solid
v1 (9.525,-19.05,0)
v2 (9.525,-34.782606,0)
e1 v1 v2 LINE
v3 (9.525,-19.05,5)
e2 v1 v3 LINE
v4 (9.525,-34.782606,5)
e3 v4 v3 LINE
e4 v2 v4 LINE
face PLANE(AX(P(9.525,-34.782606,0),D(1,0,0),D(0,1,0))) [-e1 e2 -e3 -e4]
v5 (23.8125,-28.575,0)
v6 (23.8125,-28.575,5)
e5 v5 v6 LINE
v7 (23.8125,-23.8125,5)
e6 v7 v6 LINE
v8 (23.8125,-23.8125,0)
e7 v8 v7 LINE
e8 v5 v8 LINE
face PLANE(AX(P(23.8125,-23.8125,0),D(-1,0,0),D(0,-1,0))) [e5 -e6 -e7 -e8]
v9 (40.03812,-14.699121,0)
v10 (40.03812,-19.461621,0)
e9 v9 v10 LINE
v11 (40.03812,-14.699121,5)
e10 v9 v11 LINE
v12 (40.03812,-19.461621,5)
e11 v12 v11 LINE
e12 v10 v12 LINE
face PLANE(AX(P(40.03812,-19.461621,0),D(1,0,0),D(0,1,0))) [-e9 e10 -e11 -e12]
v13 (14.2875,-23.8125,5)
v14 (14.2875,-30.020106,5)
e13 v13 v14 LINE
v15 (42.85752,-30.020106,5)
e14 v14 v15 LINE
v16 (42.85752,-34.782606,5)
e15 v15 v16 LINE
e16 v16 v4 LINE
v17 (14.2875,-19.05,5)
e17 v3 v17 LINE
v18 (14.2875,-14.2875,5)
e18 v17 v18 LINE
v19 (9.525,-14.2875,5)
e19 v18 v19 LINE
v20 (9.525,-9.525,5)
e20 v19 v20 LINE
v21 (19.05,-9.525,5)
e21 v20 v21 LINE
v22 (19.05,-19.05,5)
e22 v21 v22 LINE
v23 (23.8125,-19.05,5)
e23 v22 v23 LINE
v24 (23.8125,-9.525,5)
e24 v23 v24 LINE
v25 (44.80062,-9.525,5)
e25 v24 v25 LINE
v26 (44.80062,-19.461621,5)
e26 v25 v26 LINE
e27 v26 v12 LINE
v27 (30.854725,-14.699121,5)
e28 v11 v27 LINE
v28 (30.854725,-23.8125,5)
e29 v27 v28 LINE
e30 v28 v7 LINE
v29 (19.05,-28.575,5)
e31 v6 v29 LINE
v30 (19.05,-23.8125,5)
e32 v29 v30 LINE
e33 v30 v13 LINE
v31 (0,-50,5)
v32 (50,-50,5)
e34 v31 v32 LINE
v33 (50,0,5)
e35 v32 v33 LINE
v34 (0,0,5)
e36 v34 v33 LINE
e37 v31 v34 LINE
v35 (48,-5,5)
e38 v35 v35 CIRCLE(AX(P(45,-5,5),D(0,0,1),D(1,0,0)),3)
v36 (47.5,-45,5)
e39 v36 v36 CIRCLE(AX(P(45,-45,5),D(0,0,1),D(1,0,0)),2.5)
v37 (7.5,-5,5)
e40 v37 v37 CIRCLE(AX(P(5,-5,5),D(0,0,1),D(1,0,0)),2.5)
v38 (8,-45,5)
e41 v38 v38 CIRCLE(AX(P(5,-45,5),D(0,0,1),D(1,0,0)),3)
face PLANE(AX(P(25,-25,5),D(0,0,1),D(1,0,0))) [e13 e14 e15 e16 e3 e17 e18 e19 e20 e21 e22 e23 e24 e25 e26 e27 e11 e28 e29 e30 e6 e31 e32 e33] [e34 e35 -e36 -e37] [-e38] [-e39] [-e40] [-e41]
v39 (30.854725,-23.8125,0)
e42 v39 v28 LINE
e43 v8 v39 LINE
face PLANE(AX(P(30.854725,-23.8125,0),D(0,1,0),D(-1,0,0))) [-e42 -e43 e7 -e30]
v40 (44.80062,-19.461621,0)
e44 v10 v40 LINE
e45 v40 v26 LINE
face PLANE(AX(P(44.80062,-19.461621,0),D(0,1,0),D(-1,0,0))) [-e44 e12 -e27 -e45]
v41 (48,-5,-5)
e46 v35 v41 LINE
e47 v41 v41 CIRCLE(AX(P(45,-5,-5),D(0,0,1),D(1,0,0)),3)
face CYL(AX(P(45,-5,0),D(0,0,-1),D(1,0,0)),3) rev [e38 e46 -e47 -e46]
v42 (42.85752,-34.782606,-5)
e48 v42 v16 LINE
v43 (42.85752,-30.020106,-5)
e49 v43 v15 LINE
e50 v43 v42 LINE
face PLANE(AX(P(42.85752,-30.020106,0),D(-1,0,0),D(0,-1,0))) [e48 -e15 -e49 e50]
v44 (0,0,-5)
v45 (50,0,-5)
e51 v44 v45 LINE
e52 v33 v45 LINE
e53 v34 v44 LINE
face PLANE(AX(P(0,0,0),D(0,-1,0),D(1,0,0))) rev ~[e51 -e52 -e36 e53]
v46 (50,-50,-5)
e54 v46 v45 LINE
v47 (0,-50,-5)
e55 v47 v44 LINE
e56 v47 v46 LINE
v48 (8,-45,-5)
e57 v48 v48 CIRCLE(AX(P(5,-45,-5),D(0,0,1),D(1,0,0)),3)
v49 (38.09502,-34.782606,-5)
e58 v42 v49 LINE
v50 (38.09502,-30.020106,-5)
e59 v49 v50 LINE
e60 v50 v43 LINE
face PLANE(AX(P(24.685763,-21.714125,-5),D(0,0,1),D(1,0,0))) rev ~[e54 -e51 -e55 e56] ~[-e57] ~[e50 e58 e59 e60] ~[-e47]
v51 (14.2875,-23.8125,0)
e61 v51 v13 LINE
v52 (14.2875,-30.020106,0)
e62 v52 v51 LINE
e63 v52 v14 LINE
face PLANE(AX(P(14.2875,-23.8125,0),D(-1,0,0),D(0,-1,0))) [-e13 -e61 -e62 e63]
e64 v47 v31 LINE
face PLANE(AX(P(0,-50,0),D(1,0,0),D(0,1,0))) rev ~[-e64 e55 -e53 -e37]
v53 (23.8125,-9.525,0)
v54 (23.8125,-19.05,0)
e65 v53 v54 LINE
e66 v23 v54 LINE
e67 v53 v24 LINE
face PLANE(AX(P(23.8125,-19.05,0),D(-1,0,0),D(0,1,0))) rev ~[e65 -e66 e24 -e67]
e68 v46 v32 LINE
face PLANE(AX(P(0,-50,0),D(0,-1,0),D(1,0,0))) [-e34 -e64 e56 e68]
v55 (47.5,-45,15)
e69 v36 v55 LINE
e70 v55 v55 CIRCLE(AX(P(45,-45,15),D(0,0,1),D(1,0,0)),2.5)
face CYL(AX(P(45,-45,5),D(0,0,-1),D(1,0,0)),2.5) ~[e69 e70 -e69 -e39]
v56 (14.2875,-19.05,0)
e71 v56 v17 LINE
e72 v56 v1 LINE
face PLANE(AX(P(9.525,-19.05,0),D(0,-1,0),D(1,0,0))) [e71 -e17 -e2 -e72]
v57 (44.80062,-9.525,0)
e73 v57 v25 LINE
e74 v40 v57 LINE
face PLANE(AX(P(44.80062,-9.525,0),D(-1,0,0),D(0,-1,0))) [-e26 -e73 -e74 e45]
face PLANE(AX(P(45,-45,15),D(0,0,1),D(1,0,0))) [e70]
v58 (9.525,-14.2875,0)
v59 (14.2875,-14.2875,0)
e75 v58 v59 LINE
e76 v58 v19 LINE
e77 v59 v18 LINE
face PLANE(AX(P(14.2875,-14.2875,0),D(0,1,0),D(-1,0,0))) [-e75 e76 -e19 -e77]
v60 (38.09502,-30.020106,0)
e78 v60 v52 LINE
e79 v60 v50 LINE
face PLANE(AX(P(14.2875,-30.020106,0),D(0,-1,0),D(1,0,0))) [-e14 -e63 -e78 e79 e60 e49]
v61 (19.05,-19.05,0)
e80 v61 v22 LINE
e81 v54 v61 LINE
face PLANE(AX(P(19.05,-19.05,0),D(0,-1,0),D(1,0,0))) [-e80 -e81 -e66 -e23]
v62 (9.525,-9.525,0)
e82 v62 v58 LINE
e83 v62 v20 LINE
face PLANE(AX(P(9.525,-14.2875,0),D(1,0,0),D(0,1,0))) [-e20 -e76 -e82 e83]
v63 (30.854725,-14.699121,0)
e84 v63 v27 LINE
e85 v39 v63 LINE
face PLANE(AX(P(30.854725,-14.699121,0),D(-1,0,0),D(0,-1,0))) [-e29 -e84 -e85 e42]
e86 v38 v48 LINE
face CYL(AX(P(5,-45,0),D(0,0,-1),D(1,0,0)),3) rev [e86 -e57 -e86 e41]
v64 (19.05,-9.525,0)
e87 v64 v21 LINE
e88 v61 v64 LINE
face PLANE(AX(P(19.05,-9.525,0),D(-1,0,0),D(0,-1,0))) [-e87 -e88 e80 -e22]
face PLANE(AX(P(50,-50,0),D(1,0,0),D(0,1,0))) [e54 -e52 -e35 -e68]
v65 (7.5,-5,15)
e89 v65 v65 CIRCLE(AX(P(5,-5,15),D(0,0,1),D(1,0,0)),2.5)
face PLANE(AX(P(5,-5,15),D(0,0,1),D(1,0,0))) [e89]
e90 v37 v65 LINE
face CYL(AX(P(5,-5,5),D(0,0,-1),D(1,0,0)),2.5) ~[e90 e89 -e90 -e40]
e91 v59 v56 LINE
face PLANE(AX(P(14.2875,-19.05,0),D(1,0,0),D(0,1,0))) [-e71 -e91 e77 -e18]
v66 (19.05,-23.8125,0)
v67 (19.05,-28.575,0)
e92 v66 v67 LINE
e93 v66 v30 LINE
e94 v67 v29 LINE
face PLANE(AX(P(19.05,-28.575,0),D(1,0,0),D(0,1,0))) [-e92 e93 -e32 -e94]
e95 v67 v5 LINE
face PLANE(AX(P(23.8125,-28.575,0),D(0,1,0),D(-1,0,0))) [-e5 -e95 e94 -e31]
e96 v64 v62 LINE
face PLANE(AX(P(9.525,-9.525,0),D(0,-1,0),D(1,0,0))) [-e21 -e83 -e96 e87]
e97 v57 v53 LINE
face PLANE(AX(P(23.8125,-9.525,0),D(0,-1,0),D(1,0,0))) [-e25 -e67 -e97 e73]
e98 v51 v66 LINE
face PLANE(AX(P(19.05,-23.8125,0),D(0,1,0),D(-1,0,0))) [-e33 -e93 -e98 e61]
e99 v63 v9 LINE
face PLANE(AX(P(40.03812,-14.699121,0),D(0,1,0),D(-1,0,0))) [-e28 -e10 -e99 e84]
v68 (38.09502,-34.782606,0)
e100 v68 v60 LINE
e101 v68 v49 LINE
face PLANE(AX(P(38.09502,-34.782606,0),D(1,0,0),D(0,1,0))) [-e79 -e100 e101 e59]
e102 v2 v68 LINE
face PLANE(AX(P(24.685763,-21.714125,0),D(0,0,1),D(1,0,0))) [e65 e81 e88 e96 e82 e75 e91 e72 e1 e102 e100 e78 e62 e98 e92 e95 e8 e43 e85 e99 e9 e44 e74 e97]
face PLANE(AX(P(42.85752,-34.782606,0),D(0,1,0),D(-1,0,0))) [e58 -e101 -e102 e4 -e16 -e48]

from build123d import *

# Parameters (mm, degrees)
F0_W     = 50
F0_H     = 50
F0_R     = 3
F1_DEPTH = 5
F2_DEPTH = 5
F3_R     = 2.5
F4_DEPTH = 10


with BuildPart() as f1:
    # F0 (on Top) → F1 (new body, symmetric)
    with BuildSketch(Plane.XY):
        with Locations((25, -25)):
            Rectangle(F0_W, F0_H)
        with Locations((5, -45)):
            Circle(F0_R, mode=Mode.SUBTRACT)
        Polygon((14.2875, -30.020106), (38.09502, -30.020106), (42.85752, -30.020106), (42.85752, -34.782606), (38.09502, -34.782606), (9.525, -34.782606), (9.525, -28.575), (9.525, -19.05), (14.2875, -19.05), (14.2875, -14.2875), (9.525, -14.2875), (9.525, -9.525), (19.05, -9.525), (19.05, -19.05), (23.8125, -19.05), (23.8125, -9.525), (28.575, -9.525), (38.80062, -9.525), (44.80062, -9.525), (44.80062, -19.461621), (40.03812, -19.461621), (40.03812, -14.699121), (30.854725, -14.699121), (30.854725, -19.461621), (30.854725, -23.8125), (23.8125, -23.8125), (23.8125, -28.575), (19.05, -28.575), (19.05, -23.8125), (14.2875, -23.8125), (14.2875, -28.575), align=None, mode=Mode.SUBTRACT)
        with Locations((45, -5)):
            Circle(F0_R, mode=Mode.SUBTRACT)
    extrude(amount=F1_DEPTH, both=True)

    # F0 (on Top) → F2 (join)
    with BuildSketch(Plane.XY):
        Polygon((38.09502, -34.782606), (38.09502, -30.020106), (14.2875, -30.020106), (14.2875, -28.575), (14.2875, -23.8125), (19.05, -23.8125), (19.05, -28.575), (23.8125, -28.575), (23.8125, -23.8125), (30.854725, -23.8125), (30.854725, -19.461621), (30.854725, -14.699121), (40.03812, -14.699121), (40.03812, -19.461621), (44.80062, -19.461621), (44.80062, -9.525), (38.80062, -9.525), (28.575, -9.525), (23.8125, -9.525), (23.8125, -19.05), (19.05, -19.05), (19.05, -9.525), (9.525, -9.525), (9.525, -14.2875), (14.2875, -14.2875), (14.2875, -19.05), (9.525, -19.05), (9.525, -28.575), (9.525, -34.782606), align=None)
    extrude(amount=-F2_DEPTH)

    # F3 (on face) → F4 (join)
    with BuildSketch(Plane.XY.offset(5)):
        with Locations((5, -5)):
            Circle(F3_R)
        with Locations((45, -45)):
            Circle(F3_R)
    extrude(amount=F4_DEPTH)


solid = f1.part
